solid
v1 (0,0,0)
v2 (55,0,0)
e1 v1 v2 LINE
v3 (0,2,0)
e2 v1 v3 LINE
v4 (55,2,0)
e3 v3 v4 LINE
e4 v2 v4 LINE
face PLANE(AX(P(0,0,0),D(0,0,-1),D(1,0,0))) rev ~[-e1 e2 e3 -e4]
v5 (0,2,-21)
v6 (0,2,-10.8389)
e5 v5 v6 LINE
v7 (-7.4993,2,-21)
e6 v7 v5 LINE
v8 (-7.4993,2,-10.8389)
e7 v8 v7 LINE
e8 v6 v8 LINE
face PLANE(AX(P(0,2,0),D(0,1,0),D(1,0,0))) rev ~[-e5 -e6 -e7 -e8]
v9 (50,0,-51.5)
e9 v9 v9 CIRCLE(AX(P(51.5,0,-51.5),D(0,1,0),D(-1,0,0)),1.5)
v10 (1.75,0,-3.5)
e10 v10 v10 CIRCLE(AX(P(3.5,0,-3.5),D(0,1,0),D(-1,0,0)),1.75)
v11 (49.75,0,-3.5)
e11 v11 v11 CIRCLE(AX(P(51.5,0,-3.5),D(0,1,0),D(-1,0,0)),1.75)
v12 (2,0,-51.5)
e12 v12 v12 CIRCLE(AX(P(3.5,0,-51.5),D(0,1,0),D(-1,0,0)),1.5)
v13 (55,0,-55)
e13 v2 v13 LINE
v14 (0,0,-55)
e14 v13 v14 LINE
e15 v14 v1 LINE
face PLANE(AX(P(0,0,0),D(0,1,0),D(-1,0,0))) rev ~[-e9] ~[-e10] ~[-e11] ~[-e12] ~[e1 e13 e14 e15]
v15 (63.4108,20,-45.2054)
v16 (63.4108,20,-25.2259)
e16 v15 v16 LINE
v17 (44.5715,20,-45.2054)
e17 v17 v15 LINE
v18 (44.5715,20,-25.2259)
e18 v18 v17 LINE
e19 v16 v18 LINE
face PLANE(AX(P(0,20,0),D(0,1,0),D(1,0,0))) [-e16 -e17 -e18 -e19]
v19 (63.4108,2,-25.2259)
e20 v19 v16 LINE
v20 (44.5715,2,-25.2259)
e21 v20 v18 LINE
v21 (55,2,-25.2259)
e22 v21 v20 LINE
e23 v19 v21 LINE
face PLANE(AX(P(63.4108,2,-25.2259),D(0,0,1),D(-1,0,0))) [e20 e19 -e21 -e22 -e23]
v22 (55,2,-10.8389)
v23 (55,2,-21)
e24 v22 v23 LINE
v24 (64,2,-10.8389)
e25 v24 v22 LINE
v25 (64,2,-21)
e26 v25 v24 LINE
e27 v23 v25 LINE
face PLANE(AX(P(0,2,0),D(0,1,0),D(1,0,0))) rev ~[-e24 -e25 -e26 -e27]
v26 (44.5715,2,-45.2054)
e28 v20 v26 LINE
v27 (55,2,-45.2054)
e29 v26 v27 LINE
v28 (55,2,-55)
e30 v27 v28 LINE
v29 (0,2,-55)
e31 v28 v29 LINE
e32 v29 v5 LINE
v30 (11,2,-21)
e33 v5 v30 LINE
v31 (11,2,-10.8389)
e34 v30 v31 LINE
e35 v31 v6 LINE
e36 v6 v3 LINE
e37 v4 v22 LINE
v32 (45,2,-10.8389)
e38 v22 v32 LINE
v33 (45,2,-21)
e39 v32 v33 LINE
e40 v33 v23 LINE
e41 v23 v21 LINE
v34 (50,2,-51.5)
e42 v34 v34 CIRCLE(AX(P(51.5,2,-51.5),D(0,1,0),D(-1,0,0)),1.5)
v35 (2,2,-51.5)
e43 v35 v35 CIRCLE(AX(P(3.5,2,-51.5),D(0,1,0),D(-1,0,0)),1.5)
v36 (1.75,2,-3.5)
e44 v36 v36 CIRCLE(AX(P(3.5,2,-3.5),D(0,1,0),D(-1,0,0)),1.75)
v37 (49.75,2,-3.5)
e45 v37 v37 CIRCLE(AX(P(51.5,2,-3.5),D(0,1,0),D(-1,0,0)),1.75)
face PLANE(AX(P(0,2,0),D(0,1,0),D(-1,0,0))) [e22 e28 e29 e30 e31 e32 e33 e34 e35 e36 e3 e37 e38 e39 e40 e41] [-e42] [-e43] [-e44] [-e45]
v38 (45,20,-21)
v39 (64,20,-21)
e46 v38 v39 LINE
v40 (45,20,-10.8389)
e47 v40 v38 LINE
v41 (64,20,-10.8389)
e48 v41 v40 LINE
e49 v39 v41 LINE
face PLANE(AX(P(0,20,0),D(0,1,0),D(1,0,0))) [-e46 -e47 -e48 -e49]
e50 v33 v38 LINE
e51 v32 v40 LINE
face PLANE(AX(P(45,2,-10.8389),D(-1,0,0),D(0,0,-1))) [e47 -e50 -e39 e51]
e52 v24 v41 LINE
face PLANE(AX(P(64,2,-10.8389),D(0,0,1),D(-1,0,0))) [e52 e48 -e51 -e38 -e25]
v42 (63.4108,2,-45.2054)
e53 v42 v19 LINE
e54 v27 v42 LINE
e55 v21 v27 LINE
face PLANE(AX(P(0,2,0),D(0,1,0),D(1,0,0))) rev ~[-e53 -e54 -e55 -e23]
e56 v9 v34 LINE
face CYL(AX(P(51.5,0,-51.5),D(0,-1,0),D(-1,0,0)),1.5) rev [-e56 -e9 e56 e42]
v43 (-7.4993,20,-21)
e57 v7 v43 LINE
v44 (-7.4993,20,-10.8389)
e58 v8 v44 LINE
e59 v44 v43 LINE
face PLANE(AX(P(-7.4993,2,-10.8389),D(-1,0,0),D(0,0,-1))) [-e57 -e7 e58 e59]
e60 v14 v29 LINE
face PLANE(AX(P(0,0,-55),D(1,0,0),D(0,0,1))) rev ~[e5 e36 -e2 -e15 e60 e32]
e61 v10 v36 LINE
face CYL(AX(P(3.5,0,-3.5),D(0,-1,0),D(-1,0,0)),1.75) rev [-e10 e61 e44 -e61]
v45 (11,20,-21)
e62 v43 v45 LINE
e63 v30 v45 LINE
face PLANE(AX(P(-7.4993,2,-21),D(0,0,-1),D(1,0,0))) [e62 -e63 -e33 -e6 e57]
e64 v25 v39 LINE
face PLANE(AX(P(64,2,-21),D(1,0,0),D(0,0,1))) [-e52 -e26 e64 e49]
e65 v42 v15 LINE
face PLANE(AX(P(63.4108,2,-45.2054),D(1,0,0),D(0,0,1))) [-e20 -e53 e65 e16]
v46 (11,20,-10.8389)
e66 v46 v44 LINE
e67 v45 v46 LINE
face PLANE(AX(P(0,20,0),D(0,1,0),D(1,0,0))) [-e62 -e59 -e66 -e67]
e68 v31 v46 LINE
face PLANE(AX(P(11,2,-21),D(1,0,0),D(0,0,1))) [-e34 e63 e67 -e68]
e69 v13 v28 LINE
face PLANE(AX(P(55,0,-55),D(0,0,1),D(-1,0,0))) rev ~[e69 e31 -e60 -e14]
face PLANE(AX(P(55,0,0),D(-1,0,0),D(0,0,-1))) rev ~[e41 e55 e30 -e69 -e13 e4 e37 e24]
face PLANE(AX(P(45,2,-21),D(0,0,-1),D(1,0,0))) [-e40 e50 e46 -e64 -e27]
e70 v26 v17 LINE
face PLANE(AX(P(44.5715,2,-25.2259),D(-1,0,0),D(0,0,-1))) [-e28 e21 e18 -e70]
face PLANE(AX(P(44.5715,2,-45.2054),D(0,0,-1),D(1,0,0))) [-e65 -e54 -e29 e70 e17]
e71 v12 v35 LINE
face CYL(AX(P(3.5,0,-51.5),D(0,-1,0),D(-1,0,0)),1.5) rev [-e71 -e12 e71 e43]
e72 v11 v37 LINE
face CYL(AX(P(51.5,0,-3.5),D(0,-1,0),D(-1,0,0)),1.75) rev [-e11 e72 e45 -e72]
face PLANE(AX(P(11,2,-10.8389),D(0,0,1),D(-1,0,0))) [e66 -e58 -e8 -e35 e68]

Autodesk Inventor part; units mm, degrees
ref_plane "YZ Plane" through (0, 0, 0) normal (1, 0, 0) x (0, 1, 0)
ref_plane "XZ Plane" through (0, 0, 0) normal (0, 1, 0) x (-1, 0, 0)
ref_plane "XY Plane" through (0, 0, 0) normal (0, 0, 1) x (1, 0, 0)
sketch "Sketch1" plane through (0, 0, 0) normal (0, 1, 0) x (-1, 0, 0)
  line L0 (0, 0) -> (-55, 0)
  line L1 (-55, 0) -> (-55, -55)
  line L2 (-55, -55) -> (0, -55)
  line L3 (0, -55) -> (0, 0)
  circle A0 centre (-3.5, -51.5) radius 1.5
  circle A1 centre (-51.5, -51.5) radius 1.5
  circle A2 centre (-3.5, -3.5) radius 1.75
  circle A3 centre (-51.5, -3.5) radius 1.75
  line L4 (-80.9711, 26.8887) -> (29.0289, 26.8887) construction
  line L5 (29.0289, 26.8887) -> (29.0289, -83.1113) construction
  line L6 (29.0289, -83.1113) -> (-80.9711, -83.1113) construction
  line L7 (-80.9711, -83.1113) -> (-80.9711, 26.8887) construction
  dimension "d1" = 55
  dimension "d4" = 55
  dimension "d49" = 3.5
  dimension "d50" = 3.5
  dimension "d51" = 3
  dimension "d54" = 3
  dimension "d55" = 3.5
  dimension "d56" = 3.5
  dimension "d59" = 3.5
  dimension "d60" = 3.5
  dimension "d61" = 3.5
  dimension "d62" = 3.5
  dimension "d63" = 3.5
  dimension "d64" = 3.5
  dimension "d90" = 110
extrude "Extrusion1" add sketch "Sketch1" along normal blind 2
sketch "Sketch4" plane through (0, 2, 0) normal (0, 1, 0) x (1, 0, 0)
  line L0 (-26.0558, 81.8781) -> (83.9442, 81.8781) construction
  line L1 (83.9442, 81.8781) -> (83.9442, -28.1219) construction
  line L2 (83.9442, -28.1219) -> (-26.0558, -28.1219) construction
  line L3 (-26.0558, -28.1219) -> (-26.0558, 81.8781) construction
  point P0 (0, 0)
  dimension "d77" = 110
sketch "Sketch5" plane through (0, 2, 0) normal (0, 1, 0) x (1, 0, 0)
  line L0 (44.5715, 45.2054) -> (63.4108, 45.2054)
  line L1 (63.4108, 45.2054) -> (63.4108, 25.2259)
  line L2 (63.4108, 25.2259) -> (44.5715, 25.2259)
  line L3 (44.5715, 25.2259) -> (44.5715, 45.2054)
  line L4 (45, 21) -> (64, 21)
  line L5 (64, 21) -> (64, 10.8389)
  line L6 (64, 10.8389) -> (45, 10.8389)
  line L7 (45, 10.8389) -> (45, 21)
  line L8 (-7.4993, 21) -> (11, 21)
  line L9 (11, 21) -> (11, 10.8389)
  line L10 (11, 10.8389) -> (-7.4993, 10.8389)
  line L11 (-7.4993, 10.8389) -> (-7.4993, 21)
  point P0 (0, 0)
extrude "Extrusion2" add sketch "Sketch5" along normal blind 18
properties part number "motorcontroller"
